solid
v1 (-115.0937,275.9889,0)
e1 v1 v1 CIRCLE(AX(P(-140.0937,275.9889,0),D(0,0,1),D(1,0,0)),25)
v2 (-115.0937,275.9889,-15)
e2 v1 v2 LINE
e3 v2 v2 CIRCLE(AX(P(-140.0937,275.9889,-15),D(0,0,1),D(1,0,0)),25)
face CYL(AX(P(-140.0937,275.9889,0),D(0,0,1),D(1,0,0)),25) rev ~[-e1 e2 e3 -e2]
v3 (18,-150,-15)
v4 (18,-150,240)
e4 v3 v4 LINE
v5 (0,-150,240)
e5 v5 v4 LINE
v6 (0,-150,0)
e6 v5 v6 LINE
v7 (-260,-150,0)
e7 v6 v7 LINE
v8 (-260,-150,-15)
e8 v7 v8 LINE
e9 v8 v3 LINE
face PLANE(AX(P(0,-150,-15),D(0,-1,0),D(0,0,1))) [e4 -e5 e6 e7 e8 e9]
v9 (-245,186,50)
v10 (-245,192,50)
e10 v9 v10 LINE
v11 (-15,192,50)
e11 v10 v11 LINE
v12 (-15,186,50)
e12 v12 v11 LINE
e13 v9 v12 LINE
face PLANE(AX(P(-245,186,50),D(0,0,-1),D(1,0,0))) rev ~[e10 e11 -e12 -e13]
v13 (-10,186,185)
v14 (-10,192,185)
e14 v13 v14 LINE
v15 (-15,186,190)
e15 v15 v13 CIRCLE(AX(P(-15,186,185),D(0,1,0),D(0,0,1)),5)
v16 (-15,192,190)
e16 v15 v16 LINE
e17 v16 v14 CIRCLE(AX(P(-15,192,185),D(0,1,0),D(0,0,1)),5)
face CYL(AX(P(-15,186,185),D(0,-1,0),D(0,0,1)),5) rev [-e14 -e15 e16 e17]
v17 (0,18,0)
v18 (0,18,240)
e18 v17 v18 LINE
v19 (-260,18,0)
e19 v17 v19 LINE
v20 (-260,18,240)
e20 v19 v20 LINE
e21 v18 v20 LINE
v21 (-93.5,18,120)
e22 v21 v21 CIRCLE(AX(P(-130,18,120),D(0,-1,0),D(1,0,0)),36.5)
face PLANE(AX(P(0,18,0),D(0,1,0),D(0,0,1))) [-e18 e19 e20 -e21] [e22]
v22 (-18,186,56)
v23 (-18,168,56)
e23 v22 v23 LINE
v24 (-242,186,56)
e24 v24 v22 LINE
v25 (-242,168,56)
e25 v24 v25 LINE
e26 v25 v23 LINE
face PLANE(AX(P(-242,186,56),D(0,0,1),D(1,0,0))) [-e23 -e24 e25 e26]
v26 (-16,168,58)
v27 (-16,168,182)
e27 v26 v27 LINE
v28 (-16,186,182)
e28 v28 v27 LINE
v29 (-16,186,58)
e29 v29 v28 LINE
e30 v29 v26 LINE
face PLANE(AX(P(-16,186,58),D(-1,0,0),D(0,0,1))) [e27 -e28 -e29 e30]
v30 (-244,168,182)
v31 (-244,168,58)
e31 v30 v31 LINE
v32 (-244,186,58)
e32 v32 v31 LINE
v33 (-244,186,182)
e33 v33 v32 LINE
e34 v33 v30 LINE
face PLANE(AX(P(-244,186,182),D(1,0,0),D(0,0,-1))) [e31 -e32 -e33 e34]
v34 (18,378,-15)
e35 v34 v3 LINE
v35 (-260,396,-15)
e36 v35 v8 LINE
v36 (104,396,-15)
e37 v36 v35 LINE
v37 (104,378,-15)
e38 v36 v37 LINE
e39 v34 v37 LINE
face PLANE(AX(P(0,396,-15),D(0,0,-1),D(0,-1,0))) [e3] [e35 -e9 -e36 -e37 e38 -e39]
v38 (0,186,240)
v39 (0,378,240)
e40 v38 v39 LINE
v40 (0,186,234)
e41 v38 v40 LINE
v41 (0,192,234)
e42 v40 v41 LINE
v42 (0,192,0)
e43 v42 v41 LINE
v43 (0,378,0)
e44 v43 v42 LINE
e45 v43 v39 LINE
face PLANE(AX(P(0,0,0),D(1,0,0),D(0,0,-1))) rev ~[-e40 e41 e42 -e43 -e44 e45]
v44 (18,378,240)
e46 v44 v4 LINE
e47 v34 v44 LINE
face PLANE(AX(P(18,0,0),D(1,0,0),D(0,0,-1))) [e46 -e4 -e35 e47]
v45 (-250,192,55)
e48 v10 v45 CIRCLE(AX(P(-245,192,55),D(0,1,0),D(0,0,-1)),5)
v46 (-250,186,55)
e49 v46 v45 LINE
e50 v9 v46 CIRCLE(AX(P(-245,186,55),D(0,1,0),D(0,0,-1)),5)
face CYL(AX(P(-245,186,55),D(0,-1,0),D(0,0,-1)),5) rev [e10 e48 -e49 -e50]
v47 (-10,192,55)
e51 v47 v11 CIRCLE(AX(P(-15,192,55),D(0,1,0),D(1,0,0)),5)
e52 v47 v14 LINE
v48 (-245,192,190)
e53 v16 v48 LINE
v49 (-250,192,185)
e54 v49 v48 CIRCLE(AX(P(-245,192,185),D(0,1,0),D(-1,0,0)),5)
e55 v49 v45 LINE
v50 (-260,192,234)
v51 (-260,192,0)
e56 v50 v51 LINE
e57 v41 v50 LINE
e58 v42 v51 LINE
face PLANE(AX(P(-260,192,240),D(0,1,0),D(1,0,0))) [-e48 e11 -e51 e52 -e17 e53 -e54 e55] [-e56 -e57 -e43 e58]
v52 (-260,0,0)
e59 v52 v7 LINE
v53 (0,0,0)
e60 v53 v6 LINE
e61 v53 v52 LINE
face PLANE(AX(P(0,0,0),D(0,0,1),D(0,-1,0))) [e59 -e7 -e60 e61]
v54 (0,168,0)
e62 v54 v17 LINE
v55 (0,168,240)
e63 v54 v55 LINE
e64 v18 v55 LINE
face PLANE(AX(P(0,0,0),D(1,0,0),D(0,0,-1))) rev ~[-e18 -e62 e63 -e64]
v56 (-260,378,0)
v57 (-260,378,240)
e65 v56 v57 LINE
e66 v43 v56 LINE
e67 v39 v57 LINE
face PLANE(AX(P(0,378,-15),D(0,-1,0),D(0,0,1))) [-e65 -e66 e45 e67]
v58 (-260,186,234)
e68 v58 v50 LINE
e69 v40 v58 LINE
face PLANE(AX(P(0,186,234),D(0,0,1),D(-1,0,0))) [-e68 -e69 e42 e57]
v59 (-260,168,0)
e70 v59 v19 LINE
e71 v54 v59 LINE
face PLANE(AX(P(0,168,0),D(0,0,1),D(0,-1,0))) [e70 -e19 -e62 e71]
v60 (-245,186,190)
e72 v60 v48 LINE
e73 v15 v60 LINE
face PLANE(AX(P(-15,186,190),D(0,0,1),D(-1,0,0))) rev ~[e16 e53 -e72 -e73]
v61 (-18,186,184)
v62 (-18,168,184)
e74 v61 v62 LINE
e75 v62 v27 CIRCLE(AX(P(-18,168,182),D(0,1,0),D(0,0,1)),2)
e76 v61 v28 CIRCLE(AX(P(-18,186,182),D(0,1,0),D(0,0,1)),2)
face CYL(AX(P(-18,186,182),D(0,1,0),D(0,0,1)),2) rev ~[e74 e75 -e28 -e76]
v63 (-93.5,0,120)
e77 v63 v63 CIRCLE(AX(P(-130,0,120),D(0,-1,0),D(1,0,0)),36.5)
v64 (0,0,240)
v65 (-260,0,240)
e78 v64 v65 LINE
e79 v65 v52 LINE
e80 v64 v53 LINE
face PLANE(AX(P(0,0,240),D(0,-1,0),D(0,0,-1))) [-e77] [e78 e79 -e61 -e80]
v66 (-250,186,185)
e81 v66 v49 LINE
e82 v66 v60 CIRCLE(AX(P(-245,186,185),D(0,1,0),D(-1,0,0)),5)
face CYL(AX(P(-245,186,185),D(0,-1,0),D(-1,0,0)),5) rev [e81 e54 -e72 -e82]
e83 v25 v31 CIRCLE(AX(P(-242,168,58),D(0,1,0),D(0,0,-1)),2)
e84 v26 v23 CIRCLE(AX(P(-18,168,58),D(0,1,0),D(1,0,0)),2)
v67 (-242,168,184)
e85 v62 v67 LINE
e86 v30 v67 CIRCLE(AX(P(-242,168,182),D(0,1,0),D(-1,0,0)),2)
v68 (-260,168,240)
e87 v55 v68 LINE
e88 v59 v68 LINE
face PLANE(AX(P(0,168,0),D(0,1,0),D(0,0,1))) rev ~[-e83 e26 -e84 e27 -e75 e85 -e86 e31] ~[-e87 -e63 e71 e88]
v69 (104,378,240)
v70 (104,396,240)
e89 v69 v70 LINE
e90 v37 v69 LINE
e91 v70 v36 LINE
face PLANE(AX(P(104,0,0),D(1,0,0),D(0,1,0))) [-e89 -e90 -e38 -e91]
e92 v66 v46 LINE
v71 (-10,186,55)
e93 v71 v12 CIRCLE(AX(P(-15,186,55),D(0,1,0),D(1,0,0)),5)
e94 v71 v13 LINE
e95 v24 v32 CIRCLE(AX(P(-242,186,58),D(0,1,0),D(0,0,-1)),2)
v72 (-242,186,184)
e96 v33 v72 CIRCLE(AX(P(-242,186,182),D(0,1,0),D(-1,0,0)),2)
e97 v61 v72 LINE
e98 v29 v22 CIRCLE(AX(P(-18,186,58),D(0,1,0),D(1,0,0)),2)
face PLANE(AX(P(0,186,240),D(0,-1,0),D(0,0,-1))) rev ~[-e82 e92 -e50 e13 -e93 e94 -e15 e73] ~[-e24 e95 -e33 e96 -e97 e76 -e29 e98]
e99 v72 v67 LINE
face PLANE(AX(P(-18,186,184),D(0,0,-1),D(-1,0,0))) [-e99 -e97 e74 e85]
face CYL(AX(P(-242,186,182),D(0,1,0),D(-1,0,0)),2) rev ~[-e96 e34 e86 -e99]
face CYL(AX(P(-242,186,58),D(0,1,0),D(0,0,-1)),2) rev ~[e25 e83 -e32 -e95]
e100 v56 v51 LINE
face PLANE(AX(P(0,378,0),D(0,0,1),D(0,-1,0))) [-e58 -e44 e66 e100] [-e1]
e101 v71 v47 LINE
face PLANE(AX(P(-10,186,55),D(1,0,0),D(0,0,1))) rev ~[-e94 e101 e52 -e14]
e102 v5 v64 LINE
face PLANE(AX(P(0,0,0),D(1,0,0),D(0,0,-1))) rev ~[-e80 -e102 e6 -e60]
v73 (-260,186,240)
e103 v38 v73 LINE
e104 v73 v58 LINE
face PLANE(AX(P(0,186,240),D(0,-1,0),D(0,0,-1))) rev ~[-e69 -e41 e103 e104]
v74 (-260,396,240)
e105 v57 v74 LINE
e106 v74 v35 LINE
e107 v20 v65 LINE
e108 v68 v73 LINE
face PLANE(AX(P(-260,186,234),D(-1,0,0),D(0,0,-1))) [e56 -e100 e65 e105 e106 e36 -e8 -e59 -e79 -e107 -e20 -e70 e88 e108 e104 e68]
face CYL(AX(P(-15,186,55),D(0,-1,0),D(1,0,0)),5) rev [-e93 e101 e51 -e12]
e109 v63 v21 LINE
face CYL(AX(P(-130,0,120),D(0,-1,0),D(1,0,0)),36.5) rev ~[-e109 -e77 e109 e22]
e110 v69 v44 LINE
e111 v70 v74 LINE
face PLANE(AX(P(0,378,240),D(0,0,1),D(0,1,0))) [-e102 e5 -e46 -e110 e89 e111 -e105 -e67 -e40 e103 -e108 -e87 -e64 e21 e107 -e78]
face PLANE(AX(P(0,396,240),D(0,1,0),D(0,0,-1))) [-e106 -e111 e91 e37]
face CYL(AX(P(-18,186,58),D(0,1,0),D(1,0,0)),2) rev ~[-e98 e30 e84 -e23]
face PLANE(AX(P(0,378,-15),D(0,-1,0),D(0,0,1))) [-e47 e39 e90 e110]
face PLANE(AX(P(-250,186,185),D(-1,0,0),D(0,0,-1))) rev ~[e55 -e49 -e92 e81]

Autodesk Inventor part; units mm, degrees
ref_plane "YZ Plane" through (0, 0, 0) normal (1, 0, 0) x (0, 1, 0)
ref_plane "XZ Plane" through (0, 0, 0) normal (0, 1, 0) x (-1, 0, 0)
ref_plane "XY Plane" through (0, 0, 0) normal (0, 0, 1) x (1, 0, 0)
sketch "Skizze1" plane through (0, 0, 0) normal (1, 0, 0) x (0, 1, 0)
  line L0 (0, 0) -> (18, 0)
  line L1 (18, 0) -> (18, 240)
  line L2 (18, 240) -> (0, 240)
  line L3 (0, 240) -> (0, 0)
  line L4 (378, 0) -> (-150, 0)
  line L5 (-150, -15) -> (378, -15)
  line L6 (378, -15) -> (378, 0)
  line L7 (378, -15) -> (378, 240)
  line L8 (378, 240) -> (396, 240)
  line L9 (396, 240) -> (396, -15)
  line L10 (396, -15) -> (378, -15)
  line L11 (-150, 0) -> (-150, -15)
  line L12 (186, 0) -> (168, 0)
  line L13 (168, 0) -> (168, 240)
  line L14 (168, 240) -> (186, 240)
  line L15 (186, 240) -> (186, 0)
  dimension "d0" = 18
  dimension "d1" = 15
  dimension "d2" = 18
  dimension "d5" = 255
  dimension "d6" = 360
  dimension "d23" = 150
  dimension "d49" = 18
  dimension "d50" = 150
  dimension "d51" = 192
  dimension "d52" = 255
extrude "Extrusion1" add sketch "Skizze1" against normal blind 260
extrude "Extrusion7" add sketch "Skizze1" along normal blind 104 contours L6 L7 L8 L9 L10
sketch "Skizze2" plane through (0, 0, 0) normal (0, -1, 0) x (1, 0, 0)
  line L0 (0, 0) -> (-260, 0) projected
  line L1 (0, 240) -> (-260, 240) projected
  circle A0 centre (-130, 120) radius 36.5
  line L2 (-130, 240) -> (-130, 0) construction
  point P0 (240, 0)
  dimension "d9" = 73
extrude "Extrusion2" cut sketch "Skizze2" against normal up to surface (18 mm away)
sketch "Skizze4" plane through (0, 18, 0) normal (0, 0, 1) x (1, 0, 0)
  circle A0 centre (-140.0937, 257.9889) radius 25
  ellipse E0 centre (-140.0937, 257.9889) end of major axis (-140.0937, 283.4889) minor radius 25.5 projected
  dimension "d16" = 50
extrude "Extrusion4" cut sketch "Skizze4" against normal up to surface (15 mm away) contours A0
sketch "Skizze6" plane through (0, 0, 0) normal (1, 0, 0) x (0, 0, -1)
  line L0 (15, -150) -> (15, 378) projected
  line L1 (-240, 378) -> (15, 378)
  line L2 (15, 378) -> (15, -150)
  line L3 (15, -150) -> (-240, -150)
  line L4 (-240, -150) -> (-240, 378)
  line L5 (15, 396) -> (15, 378) projected
  line L6 (15, 378) -> (15, -150) projected
  line L7 (15, -150) -> (0, -150) projected
  line L8 (0, 0) -> (-240, 0) projected
  line L9 (-240, 0) -> (-240, 18) projected
  line L10 (-240, 18) -> (0, 18) projected
  line L11 (0, 186) -> (0, 378) projected
  line L12 (0, 378) -> (-240, 378) projected
  line L13 (-240, 378) -> (-240, 396) projected
  line L14 (-240, 396) -> (15, 396) projected
  line L15 (15, 378) -> (0, 378) projected
  line L16 (-240, 168) -> (-240, 186) projected
  line L17 (-240, 186) -> (0, 186) projected
  line L18 (0, 18) -> (0, 168) projected
  line L19 (0, 168) -> (-240, 168) projected
  line L20 (0, -150) -> (0, 0) projected
extrude "Extrusion8" add sketch "Skizze6" along normal blind 18
sketch "Skizze9" plane through (-260, 186, 240) normal (0, 1, 0) x (1, 0, 0)
  line L0 (260, 240) -> (0, 240) projected
  line L1 (260, 0) -> (0, 0) projected
  line L2 (250, 185) -> (250, 55)
  line L3 (245, 50) -> (15, 50)
  line L4 (10, 55) -> (10, 185)
  line L5 (15, 190) -> (245, 190)
  line L6 (250, 190) -> (10, 50) construction
  line L7 (250, 50) -> (10, 190) construction
  arc A0 (250, 185) -> (245, 190) centre (245, 185) ccw
  arc A1 (15, 190) -> (10, 185) centre (15, 185) ccw
  arc A2 (10, 55) -> (15, 50) centre (15, 55) ccw
  arc A3 (245, 50) -> (250, 55) centre (245, 55) ccw
  line L8 (14, 184) -> (14, 56)
  line L9 (16, 54) -> (244, 54)
  line L10 (246, 56) -> (246, 184)
  line L11 (244, 186) -> (16, 186)
  line L12 (14, 186) -> (246, 54) construction
  line L13 (14, 54) -> (246, 186) construction
  arc A4 (244, 54) -> (246, 56) centre (244, 56) ccw
  arc A5 (14, 56) -> (16, 54) centre (16, 56) ccw
  arc A6 (16, 186) -> (14, 184) centre (16, 184) ccw
  arc A7 (246, 184) -> (244, 186) centre (244, 184) ccw
  line L14 (244, 182) -> (244, 58)
  line L15 (242, 56) -> (18, 56)
  line L16 (16, 58) -> (16, 182)
  line L17 (18, 184) -> (242, 184)
  line L18 (244, 184) -> (16, 56) construction
  line L19 (244, 56) -> (16, 184) construction
  arc A8 (242, 56) -> (244, 58) centre (242, 58) ccw
  arc A9 (16, 58) -> (18, 56) centre (18, 58) ccw
  arc A10 (18, 184) -> (16, 182) centre (18, 182) ccw
  arc A11 (244, 182) -> (242, 184) centre (242, 182) ccw
  line L20 (130, 0) -> (130, 240) construction
  line L21 (0, 240) -> (260, 240)
  line L22 (260, 240) -> (260, 0)
  line L23 (260, 0) -> (0, 0)
  line L24 (0, 0) -> (0, 240)
  line L25 (260, 240) -> (260, 0) projected
  line L26 (0, 0) -> (260, 0)
  line L27 (260, 0) -> (260, 6)
  line L28 (260, 6) -> (0, 6)
  line L29 (0, 6) -> (0, 0)
  point P0 (130, 120)
  dimension "d53" = 140
  dimension "d54" = 240
  dimension "d55" = 5
  dimension "d56" = 232
  dimension "d57" = 132
  dimension "d58" = 2
  dimension "d59" = 128
  dimension "d60" = 228
  dimension "d61" = 2
  dimension "d67" = 6
extrude "Extrusion11" cut sketch "Skizze9" against normal up to surface (18 mm away) contours L14 A8 L15 A9 L16 A10 L17 A11
extrude "Extrusion12" add sketch "Skizze9" along normal blind 6 contours L22 L28 L24 L0
equation "\"d0\" = case_thickness"
equation "\"d1\" = inner_thickness"
equation "\"d2\" = case_thickness"
equation "\"d5\" = inner_depth"
equation "\"d49\" = case_thickness"
equation "\"d52\" = inner_depth"
equation "\"d7\" = inner_width"
equation "\"d26\" = -2 * case_thickness + case_width - inner_width"
equation "\"d10\" = case_width - 2 * case_thickness"
equation "\"d16\" = ht_diameter"
equation "\"d17\" = case_width - 2 * case_thickness"
equation "\"d28\" = case_thickness"
equation "\"d67\" = mdf_thickness"
equation "\"d65\" = mdf_thickness"
equation "\"kg_thickness\" = 4.9"
equation "\"ht_diameter\" = 50"
equation "\"ht_thickness\" = 1.9"
equation "\"case_thickness\" = 18"
equation "\"inner_thickness\" = 15"
equation "\"gap_fit\" = 0.1"
equation "\"gap_slide\" = 0.2"
equation "\"gap_air\" = 1"
equation "\"bore_diameter\" = 73"
equation "\"mdf_thickness\" = 6"
equation "\"tape_width\" = 15"
equation "\"tape_thickness\" = 3"
equation "\"inner_depth\" = 255"
equation "\"inner_width\" = 260"
equation "\"case_width\" = 400"
properties part number "Korpus_Einbau"
